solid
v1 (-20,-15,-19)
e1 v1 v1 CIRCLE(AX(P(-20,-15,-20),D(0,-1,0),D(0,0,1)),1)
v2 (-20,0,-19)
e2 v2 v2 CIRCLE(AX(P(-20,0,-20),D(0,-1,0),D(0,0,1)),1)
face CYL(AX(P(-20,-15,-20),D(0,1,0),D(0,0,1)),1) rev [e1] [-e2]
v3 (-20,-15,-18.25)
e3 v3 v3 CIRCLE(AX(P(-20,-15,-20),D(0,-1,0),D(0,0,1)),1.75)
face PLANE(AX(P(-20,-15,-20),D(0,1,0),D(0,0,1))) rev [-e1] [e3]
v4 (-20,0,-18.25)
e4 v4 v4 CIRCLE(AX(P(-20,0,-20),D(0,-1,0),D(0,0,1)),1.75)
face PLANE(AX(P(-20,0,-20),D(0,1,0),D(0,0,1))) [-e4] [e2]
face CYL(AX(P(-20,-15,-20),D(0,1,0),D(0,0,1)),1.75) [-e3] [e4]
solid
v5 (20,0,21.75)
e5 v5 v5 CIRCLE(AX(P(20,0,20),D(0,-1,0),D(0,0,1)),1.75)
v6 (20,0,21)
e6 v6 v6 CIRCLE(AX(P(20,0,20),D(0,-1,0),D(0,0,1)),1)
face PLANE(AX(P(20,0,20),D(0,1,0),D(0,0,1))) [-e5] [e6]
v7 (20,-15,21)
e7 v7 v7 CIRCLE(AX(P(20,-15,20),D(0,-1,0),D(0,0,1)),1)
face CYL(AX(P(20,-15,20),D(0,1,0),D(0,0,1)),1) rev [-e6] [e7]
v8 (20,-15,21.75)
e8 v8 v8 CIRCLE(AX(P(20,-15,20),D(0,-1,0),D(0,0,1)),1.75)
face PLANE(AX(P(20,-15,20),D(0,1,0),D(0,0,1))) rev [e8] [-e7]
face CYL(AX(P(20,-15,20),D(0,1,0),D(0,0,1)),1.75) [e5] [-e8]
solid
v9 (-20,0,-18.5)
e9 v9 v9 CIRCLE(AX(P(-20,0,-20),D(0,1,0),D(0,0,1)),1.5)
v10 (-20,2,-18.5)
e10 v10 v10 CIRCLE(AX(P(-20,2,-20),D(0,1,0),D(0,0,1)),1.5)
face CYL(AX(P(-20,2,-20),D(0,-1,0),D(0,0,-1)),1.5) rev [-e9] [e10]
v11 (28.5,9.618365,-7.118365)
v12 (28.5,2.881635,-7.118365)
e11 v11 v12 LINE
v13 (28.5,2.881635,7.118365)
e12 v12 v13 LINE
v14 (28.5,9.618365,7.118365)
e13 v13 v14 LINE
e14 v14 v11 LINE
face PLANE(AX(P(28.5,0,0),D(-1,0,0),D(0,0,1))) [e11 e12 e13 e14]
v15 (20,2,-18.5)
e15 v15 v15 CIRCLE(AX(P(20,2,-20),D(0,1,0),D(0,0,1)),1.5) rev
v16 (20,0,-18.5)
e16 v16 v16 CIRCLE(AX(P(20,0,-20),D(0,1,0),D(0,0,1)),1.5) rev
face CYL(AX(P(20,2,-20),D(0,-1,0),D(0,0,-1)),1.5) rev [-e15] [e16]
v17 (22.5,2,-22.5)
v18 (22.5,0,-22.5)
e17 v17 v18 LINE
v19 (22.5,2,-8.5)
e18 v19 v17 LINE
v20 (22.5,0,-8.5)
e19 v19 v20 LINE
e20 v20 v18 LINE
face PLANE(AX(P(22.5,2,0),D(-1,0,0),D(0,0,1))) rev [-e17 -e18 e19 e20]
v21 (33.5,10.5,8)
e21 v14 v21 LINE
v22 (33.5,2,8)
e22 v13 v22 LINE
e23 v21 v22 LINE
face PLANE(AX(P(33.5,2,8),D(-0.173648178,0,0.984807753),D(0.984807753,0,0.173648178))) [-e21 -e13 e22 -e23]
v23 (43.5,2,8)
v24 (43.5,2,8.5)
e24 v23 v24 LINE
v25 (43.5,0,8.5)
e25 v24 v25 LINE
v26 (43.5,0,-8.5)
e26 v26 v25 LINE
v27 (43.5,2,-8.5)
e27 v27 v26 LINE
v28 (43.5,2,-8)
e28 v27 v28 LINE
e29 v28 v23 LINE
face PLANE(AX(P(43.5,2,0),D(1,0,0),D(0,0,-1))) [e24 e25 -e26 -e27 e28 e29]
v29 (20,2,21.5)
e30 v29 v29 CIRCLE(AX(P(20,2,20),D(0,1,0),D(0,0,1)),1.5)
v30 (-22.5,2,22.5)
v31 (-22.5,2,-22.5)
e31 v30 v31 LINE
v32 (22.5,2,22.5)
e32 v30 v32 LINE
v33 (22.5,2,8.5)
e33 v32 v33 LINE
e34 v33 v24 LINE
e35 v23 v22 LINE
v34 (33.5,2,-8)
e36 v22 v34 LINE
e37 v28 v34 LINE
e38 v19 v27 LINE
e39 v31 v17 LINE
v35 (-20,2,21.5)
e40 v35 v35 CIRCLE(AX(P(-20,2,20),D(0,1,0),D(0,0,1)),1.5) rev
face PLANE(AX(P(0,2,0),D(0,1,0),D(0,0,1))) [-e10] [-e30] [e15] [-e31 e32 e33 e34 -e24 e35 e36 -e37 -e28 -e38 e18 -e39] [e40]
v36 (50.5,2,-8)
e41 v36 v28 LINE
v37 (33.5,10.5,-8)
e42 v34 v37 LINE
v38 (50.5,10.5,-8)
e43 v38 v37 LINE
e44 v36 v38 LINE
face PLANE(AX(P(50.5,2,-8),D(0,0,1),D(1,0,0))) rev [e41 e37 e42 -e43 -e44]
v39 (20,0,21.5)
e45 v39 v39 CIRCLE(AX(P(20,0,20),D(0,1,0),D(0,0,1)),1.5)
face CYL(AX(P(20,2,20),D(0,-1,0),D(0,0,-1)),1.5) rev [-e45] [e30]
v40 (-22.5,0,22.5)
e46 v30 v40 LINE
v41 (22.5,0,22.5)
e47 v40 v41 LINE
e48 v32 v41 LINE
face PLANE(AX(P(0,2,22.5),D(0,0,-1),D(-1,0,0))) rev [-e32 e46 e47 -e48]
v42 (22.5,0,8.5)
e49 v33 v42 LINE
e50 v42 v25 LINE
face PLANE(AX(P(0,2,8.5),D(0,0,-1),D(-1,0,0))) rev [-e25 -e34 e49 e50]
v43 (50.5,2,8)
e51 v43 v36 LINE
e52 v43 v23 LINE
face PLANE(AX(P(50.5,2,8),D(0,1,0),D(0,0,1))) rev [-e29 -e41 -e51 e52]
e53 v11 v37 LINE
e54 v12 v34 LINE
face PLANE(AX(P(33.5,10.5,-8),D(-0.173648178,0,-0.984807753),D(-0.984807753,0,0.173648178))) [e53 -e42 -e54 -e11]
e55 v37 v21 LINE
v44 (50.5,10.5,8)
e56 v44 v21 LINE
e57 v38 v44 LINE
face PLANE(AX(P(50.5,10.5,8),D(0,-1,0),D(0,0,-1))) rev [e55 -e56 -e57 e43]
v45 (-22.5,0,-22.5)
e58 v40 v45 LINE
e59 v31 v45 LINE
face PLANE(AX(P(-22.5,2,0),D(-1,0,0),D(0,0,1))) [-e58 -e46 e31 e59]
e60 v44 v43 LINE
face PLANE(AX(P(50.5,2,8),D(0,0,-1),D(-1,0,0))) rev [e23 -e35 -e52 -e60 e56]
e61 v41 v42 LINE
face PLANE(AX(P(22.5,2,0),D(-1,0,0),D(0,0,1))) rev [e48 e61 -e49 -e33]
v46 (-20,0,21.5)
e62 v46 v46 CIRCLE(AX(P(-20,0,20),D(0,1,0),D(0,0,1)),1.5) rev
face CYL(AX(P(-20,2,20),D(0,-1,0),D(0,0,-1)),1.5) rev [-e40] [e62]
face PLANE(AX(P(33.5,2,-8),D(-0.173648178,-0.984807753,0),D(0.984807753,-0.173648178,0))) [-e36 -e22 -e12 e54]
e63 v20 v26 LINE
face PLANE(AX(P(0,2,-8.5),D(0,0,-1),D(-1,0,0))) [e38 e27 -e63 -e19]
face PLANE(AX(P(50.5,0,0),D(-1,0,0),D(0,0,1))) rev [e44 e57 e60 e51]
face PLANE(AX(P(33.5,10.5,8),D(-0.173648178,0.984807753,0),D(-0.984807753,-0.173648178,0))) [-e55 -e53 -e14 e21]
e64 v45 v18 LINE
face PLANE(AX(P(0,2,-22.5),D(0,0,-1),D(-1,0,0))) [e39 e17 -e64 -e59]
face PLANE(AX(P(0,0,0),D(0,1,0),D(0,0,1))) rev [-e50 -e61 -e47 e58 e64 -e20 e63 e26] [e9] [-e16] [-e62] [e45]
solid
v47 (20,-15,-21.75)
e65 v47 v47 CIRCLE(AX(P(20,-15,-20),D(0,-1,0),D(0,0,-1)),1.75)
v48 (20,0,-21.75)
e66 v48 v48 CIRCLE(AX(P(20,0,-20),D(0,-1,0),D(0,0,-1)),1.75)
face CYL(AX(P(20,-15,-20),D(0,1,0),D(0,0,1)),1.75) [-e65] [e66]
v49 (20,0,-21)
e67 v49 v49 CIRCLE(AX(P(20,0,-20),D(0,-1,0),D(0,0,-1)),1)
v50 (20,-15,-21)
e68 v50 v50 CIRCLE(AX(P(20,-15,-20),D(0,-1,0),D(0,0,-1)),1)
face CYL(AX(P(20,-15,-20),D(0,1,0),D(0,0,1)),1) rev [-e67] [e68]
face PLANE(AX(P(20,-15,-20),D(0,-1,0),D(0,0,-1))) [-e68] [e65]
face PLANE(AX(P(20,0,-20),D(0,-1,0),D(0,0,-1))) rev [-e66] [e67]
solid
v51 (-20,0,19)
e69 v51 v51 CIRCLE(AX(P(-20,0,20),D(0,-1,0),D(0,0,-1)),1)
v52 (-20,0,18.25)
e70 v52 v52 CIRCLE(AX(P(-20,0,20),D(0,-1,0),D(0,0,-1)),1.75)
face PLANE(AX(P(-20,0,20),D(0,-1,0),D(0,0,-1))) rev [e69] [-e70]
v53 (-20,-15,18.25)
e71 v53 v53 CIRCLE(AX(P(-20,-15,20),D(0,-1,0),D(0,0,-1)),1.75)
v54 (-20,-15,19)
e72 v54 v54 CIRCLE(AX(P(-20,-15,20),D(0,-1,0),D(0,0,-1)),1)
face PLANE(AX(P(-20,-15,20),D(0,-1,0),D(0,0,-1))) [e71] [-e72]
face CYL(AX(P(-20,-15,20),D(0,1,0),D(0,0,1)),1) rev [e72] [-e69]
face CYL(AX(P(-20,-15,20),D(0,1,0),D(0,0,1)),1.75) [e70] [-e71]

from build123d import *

# Parameters (mm, degrees)
SKETCH_1_W           = 45
SKETCH_1_H           = 45
SKETCH_1_R           = 1.5
SKETCH_1_W_2         = 21
SKETCH_1_H_2         = 17
EXTRUDE_1_DEPTH      = 2
SKETCH_2_R           = 1.75
SKETCH_2_R_2         = 1
EXTRUDE_2_DEPTH      = 15
EXTRUDE_2_2_DEPTH    = 15
EXTRUDE_2_3_DEPTH    = 15
EXTRUDE_2_4_DEPTH    = 15
EXTRUDE_3_DEPTH      = 7
EXTRUDE_3_DEPTH_BACK = 10
SKETCH_5_W           = 16
SKETCH_5_H           = 8.5
SKETCH_6_W           = 16
SKETCH_6_H           = 8.5
EXTRUDE_4_DEPTH      = 5
EXTRUDE_4_TAPER      = 10


with BuildPart() as part:
    # 草图1 → 凸台-拉伸1 (new body)
    # profile 1 of 2: a face of its own
    with BuildSketch(Plane(origin=(0, 0, 0), x_dir=(1, 0, 0), z_dir=(0, 1, 0))):
        Rectangle(SKETCH_1_W, SKETCH_1_H)
        with Locations(Location((20, -20, 0), (0, 0, 270))):
            Circle(SKETCH_1_R, mode=Mode.SUBTRACT)
        with Locations(Location((20, 20, 0), (0, 0, 270))):
            Circle(SKETCH_1_R, mode=Mode.SUBTRACT)
        with Locations(Location((-20, 20, 0), (0, 0, 270))):
            Circle(SKETCH_1_R, mode=Mode.SUBTRACT)
        with Locations(Location((-20, -20, 0), (0, 0, 270))):
            Circle(SKETCH_1_R, mode=Mode.SUBTRACT)
    # profile 2 of 2: a face of its own
    with BuildSketch(Plane(origin=(0, 0, 0), x_dir=(1, 0, 0), z_dir=(0, 1, 0))):
        with Locations((33, 0)):
            Rectangle(SKETCH_1_W_2, SKETCH_1_H_2)
    extrude(amount=EXTRUDE_1_DEPTH)



with BuildPart() as body_2:
    # 草图2 → 凸台-拉伸2 (new body)
    with BuildSketch(Plane.XZ):
        with Locations(Location((-20, 20, 0), (0, 0, 270))):
            Circle(SKETCH_2_R)
        with Locations(Location((-20, 20, 0), (0, 0, 270))):
            Circle(SKETCH_2_R_2, mode=Mode.SUBTRACT)
    extrude(amount=EXTRUDE_2_DEPTH)


with BuildPart() as body_3:
    # 草图2 → Extrude 2 2 (new body)
    with BuildSketch(Plane.XZ):
        with Locations(Location((20, 20, 0), (0, 0, 90))):
            Circle(SKETCH_2_R)
        with Locations(Location((20, 20, 0), (0, 0, 90))):
            Circle(SKETCH_2_R_2, mode=Mode.SUBTRACT)
    extrude(amount=EXTRUDE_2_2_DEPTH)


with BuildPart() as body_4:
    # 草图2 → Extrude 2 3 (new body)
    with BuildSketch(Plane.XZ):
        with Locations(Location((20, -20, 0), (0, 0, 270))):
            Circle(SKETCH_2_R)
        with Locations(Location((20, -20, 0), (0, 0, 270))):
            Circle(SKETCH_2_R_2, mode=Mode.SUBTRACT)
    extrude(amount=EXTRUDE_2_3_DEPTH)


with BuildPart() as body_5:
    # 草图2 → Extrude 2 4 (new body)
    with BuildSketch(Plane.XZ):
        with Locations(Location((-20, -20, 0), (0, 0, 90))):
            Circle(SKETCH_2_R)
        with Locations(Location((-20, -20, 0), (0, 0, 90))):
            Circle(SKETCH_2_R_2, mode=Mode.SUBTRACT)
    extrude(amount=EXTRUDE_2_4_DEPTH)


with BuildPart() as body_6:
    # 草图5 → 凸台-拉伸3 (new, two sides: drawn at the far end of the back side and taken through both)
    with BuildSketch(Plane(origin=(43.5, 0, 0), x_dir=(0, 0, -1), z_dir=(1, 0, 0)).offset(-EXTRUDE_3_DEPTH_BACK)):
        with Locations((0, 6.25)):
            Rectangle(SKETCH_5_W, SKETCH_5_H)
    extrude(amount=EXTRUDE_3_DEPTH + EXTRUDE_3_DEPTH_BACK)


with BuildPart() as part_1:
    add(part.part)

    add(body_6.part)  # 凸台-拉伸4 merges body 6
    # 草图6 → 凸台-拉伸4 (add)
    with BuildSketch(Plane.ZY.offset(-33.5)):
        with Locations((0, 6.25)):
            Rectangle(SKETCH_6_W, SKETCH_6_H)
    extrude(amount=EXTRUDE_4_DEPTH, taper=EXTRUDE_4_TAPER)


solid = Compound([body_2.part, body_3.part, body_4.part, body_5.part, part_1.part])
